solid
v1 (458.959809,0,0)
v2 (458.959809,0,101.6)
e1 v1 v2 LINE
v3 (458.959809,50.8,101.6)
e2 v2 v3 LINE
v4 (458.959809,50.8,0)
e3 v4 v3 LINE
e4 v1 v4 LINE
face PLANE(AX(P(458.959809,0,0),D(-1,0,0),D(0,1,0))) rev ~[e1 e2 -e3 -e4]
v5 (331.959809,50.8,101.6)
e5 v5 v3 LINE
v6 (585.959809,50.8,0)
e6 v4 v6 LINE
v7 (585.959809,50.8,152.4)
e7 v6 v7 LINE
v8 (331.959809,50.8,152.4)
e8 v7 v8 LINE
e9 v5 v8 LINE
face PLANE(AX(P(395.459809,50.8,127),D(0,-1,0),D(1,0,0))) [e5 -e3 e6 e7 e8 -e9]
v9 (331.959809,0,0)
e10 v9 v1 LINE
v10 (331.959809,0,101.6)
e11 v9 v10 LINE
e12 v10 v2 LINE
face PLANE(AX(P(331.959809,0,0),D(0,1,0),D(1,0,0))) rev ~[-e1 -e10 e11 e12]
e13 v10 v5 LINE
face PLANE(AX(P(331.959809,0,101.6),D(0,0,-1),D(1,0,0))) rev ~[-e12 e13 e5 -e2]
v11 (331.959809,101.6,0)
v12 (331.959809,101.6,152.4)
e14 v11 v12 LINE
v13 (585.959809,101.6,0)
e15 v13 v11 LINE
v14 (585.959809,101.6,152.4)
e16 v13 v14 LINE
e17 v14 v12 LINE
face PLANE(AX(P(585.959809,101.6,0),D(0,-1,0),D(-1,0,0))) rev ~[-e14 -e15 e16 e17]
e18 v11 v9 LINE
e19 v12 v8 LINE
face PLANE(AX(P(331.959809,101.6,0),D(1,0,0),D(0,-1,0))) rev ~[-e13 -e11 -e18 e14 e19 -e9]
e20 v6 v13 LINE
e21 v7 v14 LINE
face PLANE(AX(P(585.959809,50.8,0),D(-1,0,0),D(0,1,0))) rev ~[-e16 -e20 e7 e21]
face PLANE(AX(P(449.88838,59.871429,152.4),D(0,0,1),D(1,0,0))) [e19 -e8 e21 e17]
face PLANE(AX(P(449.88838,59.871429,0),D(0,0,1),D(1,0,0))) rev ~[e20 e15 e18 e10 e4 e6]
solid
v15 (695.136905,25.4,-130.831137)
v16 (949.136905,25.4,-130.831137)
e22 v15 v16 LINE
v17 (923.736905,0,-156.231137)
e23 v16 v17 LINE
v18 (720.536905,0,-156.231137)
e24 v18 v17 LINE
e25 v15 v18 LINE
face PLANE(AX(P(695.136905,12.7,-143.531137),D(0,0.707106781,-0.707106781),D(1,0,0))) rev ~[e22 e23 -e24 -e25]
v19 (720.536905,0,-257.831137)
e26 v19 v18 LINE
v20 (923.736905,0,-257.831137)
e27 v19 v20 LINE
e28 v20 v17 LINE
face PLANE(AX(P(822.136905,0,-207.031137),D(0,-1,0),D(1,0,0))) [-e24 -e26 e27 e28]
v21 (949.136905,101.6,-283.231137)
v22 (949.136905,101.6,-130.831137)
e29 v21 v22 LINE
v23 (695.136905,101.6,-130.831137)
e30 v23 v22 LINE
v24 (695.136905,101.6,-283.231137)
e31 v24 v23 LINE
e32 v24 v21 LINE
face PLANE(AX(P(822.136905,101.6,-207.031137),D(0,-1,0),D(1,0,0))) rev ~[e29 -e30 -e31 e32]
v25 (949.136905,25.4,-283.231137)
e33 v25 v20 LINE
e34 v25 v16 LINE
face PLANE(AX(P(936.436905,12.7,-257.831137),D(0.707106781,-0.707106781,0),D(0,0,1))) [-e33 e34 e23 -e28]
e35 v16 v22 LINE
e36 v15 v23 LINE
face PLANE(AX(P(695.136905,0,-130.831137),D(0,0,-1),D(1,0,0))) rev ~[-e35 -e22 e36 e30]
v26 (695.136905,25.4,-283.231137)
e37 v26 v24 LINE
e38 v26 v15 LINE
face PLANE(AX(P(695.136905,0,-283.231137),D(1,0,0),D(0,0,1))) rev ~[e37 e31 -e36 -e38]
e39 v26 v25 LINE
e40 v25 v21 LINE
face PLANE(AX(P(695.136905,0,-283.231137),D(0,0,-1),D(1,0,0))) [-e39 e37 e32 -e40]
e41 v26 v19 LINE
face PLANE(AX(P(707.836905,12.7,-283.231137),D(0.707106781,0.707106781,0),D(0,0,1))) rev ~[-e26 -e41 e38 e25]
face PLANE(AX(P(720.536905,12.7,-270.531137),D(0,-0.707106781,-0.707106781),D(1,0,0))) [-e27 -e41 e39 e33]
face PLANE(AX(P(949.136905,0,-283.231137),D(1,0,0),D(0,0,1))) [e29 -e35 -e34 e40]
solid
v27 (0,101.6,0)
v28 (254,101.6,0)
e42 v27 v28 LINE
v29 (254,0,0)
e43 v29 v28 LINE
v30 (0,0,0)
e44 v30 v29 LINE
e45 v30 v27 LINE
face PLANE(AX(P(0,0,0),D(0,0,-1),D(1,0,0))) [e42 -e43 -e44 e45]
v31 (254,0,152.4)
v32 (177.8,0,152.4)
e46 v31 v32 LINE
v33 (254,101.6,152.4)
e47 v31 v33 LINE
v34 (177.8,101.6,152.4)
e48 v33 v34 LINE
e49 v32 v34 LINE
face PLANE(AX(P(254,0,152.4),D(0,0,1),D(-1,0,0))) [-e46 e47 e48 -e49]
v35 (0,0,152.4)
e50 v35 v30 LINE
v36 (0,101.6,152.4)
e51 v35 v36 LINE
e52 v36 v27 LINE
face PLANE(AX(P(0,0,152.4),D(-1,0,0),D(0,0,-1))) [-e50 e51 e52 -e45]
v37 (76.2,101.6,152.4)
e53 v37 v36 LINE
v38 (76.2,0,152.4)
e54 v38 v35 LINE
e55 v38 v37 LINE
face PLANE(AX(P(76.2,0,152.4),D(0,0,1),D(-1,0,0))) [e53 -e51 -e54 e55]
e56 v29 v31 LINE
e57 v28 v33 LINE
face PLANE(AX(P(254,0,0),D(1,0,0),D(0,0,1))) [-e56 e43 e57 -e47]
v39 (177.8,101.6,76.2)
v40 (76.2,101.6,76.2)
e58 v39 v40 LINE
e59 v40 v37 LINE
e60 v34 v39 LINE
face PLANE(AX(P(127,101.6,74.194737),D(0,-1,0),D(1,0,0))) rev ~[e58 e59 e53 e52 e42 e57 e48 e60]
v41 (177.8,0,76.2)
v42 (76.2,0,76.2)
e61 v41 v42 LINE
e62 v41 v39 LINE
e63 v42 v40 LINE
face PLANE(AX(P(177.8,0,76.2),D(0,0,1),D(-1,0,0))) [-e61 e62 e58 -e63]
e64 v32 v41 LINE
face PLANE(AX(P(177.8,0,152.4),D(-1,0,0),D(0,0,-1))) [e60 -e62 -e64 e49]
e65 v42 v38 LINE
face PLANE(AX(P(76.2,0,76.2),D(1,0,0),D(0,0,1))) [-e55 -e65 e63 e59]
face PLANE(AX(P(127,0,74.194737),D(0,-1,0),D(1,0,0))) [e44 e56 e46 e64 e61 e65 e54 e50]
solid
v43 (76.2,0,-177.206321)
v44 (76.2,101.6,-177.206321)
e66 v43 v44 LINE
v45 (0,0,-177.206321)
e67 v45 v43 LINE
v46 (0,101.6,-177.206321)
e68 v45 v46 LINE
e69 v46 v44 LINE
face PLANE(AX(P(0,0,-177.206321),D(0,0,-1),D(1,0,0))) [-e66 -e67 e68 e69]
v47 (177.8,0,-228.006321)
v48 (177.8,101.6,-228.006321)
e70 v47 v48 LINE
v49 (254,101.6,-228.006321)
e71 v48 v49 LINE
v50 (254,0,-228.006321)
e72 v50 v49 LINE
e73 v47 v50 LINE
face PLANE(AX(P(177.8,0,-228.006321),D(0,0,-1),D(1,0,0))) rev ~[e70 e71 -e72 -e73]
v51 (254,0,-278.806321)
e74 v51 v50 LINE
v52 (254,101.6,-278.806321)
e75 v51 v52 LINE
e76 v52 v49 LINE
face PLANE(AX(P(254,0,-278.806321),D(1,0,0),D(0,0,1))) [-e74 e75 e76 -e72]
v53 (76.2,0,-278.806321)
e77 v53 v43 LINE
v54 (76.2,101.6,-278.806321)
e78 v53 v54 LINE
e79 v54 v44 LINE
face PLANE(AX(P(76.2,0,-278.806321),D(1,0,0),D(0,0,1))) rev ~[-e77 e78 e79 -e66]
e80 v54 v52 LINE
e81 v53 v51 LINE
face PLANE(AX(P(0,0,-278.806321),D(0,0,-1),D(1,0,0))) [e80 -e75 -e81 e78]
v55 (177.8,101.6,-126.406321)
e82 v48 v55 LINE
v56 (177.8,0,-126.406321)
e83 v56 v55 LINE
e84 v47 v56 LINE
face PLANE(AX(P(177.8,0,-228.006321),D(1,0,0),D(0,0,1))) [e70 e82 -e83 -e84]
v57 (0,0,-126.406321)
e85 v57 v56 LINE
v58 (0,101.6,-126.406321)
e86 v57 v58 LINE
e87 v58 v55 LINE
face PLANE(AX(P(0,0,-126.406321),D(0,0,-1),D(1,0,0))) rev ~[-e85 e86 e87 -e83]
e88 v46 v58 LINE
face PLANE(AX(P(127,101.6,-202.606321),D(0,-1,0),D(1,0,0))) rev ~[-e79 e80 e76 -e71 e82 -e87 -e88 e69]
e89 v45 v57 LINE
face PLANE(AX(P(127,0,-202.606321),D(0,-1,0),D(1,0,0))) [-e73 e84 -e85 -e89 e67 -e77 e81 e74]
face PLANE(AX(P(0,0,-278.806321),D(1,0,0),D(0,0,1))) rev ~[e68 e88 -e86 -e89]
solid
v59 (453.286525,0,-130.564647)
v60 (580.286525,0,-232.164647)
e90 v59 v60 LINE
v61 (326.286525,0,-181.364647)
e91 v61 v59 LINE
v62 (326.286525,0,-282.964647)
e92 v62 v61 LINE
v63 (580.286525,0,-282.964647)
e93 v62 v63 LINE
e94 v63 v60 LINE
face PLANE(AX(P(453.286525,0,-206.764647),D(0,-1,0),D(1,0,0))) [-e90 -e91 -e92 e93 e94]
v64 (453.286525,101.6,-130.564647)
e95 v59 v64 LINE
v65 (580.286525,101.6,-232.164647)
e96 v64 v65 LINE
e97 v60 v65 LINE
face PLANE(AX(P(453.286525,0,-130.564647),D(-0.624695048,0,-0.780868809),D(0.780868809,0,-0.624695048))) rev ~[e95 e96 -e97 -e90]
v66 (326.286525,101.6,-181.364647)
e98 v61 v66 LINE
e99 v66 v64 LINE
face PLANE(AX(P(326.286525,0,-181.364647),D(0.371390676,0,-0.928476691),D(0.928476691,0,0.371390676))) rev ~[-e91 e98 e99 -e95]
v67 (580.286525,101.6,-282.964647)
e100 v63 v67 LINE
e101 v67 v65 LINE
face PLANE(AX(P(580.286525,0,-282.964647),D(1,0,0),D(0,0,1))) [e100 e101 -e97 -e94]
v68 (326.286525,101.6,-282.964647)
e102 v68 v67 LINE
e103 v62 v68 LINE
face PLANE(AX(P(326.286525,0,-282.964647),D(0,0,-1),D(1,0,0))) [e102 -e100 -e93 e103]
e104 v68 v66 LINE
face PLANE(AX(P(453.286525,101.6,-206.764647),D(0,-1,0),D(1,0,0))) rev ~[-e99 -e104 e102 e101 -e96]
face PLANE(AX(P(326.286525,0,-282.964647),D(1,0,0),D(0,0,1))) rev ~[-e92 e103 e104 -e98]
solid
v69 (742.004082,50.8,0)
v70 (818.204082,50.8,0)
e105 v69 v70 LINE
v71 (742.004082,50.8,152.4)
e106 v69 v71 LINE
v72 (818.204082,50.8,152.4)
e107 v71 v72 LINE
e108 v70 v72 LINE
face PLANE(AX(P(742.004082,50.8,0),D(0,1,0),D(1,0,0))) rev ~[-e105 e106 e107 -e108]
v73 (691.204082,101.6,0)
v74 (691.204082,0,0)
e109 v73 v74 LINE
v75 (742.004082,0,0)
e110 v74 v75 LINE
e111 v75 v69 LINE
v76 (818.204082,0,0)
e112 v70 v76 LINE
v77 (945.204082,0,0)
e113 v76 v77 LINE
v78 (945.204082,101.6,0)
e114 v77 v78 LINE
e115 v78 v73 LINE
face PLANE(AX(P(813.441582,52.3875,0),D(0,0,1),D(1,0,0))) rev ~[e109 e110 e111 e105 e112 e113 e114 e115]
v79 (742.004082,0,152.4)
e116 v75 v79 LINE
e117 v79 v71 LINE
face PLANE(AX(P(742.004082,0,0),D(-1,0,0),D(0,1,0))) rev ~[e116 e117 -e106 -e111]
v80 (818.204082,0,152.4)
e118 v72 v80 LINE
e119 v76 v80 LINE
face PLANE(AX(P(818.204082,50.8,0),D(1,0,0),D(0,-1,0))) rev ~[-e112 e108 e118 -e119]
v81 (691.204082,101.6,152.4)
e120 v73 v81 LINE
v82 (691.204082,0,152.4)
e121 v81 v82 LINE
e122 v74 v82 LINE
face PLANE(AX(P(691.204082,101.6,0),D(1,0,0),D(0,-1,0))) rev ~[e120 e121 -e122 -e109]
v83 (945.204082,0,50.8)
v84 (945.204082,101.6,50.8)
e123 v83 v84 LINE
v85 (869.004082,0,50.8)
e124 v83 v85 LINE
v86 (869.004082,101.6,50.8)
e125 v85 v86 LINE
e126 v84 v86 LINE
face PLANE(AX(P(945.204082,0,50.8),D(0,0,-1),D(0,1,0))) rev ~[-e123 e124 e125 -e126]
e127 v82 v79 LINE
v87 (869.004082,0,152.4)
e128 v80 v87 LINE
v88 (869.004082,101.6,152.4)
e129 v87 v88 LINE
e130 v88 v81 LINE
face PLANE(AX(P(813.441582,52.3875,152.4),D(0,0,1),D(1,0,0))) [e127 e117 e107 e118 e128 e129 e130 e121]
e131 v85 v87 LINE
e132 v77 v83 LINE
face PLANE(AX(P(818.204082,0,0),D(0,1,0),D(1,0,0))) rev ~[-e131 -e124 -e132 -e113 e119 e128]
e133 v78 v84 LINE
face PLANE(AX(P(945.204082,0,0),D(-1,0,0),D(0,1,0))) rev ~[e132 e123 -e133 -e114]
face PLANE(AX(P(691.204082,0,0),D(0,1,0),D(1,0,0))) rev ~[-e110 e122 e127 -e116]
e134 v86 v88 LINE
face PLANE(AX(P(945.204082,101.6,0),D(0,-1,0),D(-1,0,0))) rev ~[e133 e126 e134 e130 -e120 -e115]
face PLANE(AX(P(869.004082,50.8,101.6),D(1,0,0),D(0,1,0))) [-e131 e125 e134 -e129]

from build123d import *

# Parameters (mm, degrees)
F1_DEPTH  = 101.6
F3_DEPTH  = 152.4
F5_DEPTH  = 152.4
F6_W      = 127
F6_H      = 50.8
F7_DEPTH  = 50.8
F8_W      = 101.6
F8_H      = 101.6
F9_DEPTH  = 76.2
F10_W     = 254
F10_H     = 152.4
F11_DEPTH = 101.6
F12_W     = 76.2
F12_H     = 101.6
F13_DEPTH = 101.6
F14_W     = 254
F14_H     = 152.4
F15_DEPTH = 101.6
F17_DEPTH = 101.6
F19_DEPTH = 101.6
F20_W     = 254
F20_H     = 152.4
F21_DEPTH = 101.6
F22_SIZE  = 25.4
F23_SIZE  = 25.4
F24_SIZE  = 25.4
F25_SIZE  = 25.4


with BuildPart() as f1:
    # F0 (on Front) → F1 (new body)
    with BuildSketch(Plane.XZ):
        Polygon((0, 152.4), (0, 0), (254, 0), (254, 152.4), (177.8, 152.4), (177.8, 76.2), (76.2, 76.2), (76.2, 152.4), align=None)
    extrude(amount=-F1_DEPTH)


with BuildPart() as f3:
    # F2 (on Top) → F3 (new body)
    with BuildSketch(Plane.XY):
        Polygon((331.959809, 101.6), (331.959809, 0), (458.959809, 0), (458.959809, 50.8), (585.959809, 50.8), (585.959809, 101.6), align=None)
    extrude(amount=F3_DEPTH)

    # F6 (on face) → F7 (cut)
    with BuildSketch(Plane.XZ):
        with Locations((395.459809, 127)):
            Rectangle(F6_W, F6_H)
    extrude(amount=-F7_DEPTH, mode=Mode.SUBTRACT)


with BuildPart() as f5:
    # F4 (on Top) → F5 (new body)
    with BuildSketch(Plane.XY):
        Polygon((691.204082, 101.6), (691.204082, 0), (742.004082, 0), (742.004082, 50.8), (818.204082, 50.8), (818.204082, 0), (945.204082, 0), (945.204082, 101.6), align=None)
    extrude(amount=F5_DEPTH)

    # F8 (on face) → F9 (cut)
    with BuildSketch(Plane.YZ.offset(945.204082)):
        with Locations((50.8, 101.6)):
            Rectangle(F8_W, F8_H)
    extrude(amount=-F9_DEPTH, mode=Mode.SUBTRACT)


with BuildPart() as f11:
    # F10 (on Front) → F11 (new body)
    with BuildSketch(Plane.XZ):
        with Locations((127, -202.606321)):
            Rectangle(F10_W, F10_H)
    extrude(amount=-F11_DEPTH)

    # F12 (on face) → F13 (cut)
    with BuildSketch(Plane.XZ):
        with Locations((38.1, -228.006321)):
            Rectangle(F12_W, F12_H)
        with Locations((215.9, -177.206321)):
            Rectangle(F12_W, F12_H)
    extrude(amount=-F13_DEPTH, mode=Mode.SUBTRACT)


with BuildPart() as f15:
    # F14 (on Front) → F15 (new body)
    with BuildSketch(Plane.XZ):
        with Locations((453.286525, -206.764647)):
            Rectangle(F14_W, F14_H)
    extrude(amount=-F15_DEPTH)

    # F16 (on face) → F17 (cut)
    with BuildSketch(Plane.XZ):
        Polygon((326.286525, -130.564647), (326.286525, -181.364647), (453.286525, -130.564647), align=None)
    extrude(amount=-F17_DEPTH, mode=Mode.SUBTRACT)

    # F18 (on face) → F19 (cut)
    with BuildSketch(Plane.XZ):
        Polygon((453.286525, -130.564647), (580.286525, -232.164647), (580.286525, -130.564647), align=None)
    extrude(amount=-F19_DEPTH, mode=Mode.SUBTRACT)


with BuildPart() as f21:
    # F20 (on Front) → F21 (new body)
    with BuildSketch(Plane.XZ):
        with Locations((822.136905, -207.031137)):
            Rectangle(F20_W, F20_H)
    extrude(amount=-F21_DEPTH)

    # F22
    f22_edges = [f21.edges().sort_by_distance(p)[0] for p in [
        (822.136905, 0, -130.831137),
    ]]
    chamfer(f22_edges, length=F22_SIZE)

    # F23
    f23_edges = [f21.edges().sort_by_distance(p)[0] for p in [
        (695.136905, 0, -219.731137),
    ]]
    chamfer(f23_edges, length=F23_SIZE)

    # F24
    f24_edges = [f21.edges().sort_by_distance(p)[0] for p in [
        (834.836905, 0, -283.231137),
    ]]
    chamfer(f24_edges, length=F24_SIZE)

    # F25
    f25_edges = [f21.edges().sort_by_distance(p)[0] for p in [
        (949.136905, 0, -207.031137),
    ]]
    chamfer(f25_edges, length=F25_SIZE)


solid = Compound([f1.part, f3.part, f5.part, f11.part, f15.part, f21.part])
